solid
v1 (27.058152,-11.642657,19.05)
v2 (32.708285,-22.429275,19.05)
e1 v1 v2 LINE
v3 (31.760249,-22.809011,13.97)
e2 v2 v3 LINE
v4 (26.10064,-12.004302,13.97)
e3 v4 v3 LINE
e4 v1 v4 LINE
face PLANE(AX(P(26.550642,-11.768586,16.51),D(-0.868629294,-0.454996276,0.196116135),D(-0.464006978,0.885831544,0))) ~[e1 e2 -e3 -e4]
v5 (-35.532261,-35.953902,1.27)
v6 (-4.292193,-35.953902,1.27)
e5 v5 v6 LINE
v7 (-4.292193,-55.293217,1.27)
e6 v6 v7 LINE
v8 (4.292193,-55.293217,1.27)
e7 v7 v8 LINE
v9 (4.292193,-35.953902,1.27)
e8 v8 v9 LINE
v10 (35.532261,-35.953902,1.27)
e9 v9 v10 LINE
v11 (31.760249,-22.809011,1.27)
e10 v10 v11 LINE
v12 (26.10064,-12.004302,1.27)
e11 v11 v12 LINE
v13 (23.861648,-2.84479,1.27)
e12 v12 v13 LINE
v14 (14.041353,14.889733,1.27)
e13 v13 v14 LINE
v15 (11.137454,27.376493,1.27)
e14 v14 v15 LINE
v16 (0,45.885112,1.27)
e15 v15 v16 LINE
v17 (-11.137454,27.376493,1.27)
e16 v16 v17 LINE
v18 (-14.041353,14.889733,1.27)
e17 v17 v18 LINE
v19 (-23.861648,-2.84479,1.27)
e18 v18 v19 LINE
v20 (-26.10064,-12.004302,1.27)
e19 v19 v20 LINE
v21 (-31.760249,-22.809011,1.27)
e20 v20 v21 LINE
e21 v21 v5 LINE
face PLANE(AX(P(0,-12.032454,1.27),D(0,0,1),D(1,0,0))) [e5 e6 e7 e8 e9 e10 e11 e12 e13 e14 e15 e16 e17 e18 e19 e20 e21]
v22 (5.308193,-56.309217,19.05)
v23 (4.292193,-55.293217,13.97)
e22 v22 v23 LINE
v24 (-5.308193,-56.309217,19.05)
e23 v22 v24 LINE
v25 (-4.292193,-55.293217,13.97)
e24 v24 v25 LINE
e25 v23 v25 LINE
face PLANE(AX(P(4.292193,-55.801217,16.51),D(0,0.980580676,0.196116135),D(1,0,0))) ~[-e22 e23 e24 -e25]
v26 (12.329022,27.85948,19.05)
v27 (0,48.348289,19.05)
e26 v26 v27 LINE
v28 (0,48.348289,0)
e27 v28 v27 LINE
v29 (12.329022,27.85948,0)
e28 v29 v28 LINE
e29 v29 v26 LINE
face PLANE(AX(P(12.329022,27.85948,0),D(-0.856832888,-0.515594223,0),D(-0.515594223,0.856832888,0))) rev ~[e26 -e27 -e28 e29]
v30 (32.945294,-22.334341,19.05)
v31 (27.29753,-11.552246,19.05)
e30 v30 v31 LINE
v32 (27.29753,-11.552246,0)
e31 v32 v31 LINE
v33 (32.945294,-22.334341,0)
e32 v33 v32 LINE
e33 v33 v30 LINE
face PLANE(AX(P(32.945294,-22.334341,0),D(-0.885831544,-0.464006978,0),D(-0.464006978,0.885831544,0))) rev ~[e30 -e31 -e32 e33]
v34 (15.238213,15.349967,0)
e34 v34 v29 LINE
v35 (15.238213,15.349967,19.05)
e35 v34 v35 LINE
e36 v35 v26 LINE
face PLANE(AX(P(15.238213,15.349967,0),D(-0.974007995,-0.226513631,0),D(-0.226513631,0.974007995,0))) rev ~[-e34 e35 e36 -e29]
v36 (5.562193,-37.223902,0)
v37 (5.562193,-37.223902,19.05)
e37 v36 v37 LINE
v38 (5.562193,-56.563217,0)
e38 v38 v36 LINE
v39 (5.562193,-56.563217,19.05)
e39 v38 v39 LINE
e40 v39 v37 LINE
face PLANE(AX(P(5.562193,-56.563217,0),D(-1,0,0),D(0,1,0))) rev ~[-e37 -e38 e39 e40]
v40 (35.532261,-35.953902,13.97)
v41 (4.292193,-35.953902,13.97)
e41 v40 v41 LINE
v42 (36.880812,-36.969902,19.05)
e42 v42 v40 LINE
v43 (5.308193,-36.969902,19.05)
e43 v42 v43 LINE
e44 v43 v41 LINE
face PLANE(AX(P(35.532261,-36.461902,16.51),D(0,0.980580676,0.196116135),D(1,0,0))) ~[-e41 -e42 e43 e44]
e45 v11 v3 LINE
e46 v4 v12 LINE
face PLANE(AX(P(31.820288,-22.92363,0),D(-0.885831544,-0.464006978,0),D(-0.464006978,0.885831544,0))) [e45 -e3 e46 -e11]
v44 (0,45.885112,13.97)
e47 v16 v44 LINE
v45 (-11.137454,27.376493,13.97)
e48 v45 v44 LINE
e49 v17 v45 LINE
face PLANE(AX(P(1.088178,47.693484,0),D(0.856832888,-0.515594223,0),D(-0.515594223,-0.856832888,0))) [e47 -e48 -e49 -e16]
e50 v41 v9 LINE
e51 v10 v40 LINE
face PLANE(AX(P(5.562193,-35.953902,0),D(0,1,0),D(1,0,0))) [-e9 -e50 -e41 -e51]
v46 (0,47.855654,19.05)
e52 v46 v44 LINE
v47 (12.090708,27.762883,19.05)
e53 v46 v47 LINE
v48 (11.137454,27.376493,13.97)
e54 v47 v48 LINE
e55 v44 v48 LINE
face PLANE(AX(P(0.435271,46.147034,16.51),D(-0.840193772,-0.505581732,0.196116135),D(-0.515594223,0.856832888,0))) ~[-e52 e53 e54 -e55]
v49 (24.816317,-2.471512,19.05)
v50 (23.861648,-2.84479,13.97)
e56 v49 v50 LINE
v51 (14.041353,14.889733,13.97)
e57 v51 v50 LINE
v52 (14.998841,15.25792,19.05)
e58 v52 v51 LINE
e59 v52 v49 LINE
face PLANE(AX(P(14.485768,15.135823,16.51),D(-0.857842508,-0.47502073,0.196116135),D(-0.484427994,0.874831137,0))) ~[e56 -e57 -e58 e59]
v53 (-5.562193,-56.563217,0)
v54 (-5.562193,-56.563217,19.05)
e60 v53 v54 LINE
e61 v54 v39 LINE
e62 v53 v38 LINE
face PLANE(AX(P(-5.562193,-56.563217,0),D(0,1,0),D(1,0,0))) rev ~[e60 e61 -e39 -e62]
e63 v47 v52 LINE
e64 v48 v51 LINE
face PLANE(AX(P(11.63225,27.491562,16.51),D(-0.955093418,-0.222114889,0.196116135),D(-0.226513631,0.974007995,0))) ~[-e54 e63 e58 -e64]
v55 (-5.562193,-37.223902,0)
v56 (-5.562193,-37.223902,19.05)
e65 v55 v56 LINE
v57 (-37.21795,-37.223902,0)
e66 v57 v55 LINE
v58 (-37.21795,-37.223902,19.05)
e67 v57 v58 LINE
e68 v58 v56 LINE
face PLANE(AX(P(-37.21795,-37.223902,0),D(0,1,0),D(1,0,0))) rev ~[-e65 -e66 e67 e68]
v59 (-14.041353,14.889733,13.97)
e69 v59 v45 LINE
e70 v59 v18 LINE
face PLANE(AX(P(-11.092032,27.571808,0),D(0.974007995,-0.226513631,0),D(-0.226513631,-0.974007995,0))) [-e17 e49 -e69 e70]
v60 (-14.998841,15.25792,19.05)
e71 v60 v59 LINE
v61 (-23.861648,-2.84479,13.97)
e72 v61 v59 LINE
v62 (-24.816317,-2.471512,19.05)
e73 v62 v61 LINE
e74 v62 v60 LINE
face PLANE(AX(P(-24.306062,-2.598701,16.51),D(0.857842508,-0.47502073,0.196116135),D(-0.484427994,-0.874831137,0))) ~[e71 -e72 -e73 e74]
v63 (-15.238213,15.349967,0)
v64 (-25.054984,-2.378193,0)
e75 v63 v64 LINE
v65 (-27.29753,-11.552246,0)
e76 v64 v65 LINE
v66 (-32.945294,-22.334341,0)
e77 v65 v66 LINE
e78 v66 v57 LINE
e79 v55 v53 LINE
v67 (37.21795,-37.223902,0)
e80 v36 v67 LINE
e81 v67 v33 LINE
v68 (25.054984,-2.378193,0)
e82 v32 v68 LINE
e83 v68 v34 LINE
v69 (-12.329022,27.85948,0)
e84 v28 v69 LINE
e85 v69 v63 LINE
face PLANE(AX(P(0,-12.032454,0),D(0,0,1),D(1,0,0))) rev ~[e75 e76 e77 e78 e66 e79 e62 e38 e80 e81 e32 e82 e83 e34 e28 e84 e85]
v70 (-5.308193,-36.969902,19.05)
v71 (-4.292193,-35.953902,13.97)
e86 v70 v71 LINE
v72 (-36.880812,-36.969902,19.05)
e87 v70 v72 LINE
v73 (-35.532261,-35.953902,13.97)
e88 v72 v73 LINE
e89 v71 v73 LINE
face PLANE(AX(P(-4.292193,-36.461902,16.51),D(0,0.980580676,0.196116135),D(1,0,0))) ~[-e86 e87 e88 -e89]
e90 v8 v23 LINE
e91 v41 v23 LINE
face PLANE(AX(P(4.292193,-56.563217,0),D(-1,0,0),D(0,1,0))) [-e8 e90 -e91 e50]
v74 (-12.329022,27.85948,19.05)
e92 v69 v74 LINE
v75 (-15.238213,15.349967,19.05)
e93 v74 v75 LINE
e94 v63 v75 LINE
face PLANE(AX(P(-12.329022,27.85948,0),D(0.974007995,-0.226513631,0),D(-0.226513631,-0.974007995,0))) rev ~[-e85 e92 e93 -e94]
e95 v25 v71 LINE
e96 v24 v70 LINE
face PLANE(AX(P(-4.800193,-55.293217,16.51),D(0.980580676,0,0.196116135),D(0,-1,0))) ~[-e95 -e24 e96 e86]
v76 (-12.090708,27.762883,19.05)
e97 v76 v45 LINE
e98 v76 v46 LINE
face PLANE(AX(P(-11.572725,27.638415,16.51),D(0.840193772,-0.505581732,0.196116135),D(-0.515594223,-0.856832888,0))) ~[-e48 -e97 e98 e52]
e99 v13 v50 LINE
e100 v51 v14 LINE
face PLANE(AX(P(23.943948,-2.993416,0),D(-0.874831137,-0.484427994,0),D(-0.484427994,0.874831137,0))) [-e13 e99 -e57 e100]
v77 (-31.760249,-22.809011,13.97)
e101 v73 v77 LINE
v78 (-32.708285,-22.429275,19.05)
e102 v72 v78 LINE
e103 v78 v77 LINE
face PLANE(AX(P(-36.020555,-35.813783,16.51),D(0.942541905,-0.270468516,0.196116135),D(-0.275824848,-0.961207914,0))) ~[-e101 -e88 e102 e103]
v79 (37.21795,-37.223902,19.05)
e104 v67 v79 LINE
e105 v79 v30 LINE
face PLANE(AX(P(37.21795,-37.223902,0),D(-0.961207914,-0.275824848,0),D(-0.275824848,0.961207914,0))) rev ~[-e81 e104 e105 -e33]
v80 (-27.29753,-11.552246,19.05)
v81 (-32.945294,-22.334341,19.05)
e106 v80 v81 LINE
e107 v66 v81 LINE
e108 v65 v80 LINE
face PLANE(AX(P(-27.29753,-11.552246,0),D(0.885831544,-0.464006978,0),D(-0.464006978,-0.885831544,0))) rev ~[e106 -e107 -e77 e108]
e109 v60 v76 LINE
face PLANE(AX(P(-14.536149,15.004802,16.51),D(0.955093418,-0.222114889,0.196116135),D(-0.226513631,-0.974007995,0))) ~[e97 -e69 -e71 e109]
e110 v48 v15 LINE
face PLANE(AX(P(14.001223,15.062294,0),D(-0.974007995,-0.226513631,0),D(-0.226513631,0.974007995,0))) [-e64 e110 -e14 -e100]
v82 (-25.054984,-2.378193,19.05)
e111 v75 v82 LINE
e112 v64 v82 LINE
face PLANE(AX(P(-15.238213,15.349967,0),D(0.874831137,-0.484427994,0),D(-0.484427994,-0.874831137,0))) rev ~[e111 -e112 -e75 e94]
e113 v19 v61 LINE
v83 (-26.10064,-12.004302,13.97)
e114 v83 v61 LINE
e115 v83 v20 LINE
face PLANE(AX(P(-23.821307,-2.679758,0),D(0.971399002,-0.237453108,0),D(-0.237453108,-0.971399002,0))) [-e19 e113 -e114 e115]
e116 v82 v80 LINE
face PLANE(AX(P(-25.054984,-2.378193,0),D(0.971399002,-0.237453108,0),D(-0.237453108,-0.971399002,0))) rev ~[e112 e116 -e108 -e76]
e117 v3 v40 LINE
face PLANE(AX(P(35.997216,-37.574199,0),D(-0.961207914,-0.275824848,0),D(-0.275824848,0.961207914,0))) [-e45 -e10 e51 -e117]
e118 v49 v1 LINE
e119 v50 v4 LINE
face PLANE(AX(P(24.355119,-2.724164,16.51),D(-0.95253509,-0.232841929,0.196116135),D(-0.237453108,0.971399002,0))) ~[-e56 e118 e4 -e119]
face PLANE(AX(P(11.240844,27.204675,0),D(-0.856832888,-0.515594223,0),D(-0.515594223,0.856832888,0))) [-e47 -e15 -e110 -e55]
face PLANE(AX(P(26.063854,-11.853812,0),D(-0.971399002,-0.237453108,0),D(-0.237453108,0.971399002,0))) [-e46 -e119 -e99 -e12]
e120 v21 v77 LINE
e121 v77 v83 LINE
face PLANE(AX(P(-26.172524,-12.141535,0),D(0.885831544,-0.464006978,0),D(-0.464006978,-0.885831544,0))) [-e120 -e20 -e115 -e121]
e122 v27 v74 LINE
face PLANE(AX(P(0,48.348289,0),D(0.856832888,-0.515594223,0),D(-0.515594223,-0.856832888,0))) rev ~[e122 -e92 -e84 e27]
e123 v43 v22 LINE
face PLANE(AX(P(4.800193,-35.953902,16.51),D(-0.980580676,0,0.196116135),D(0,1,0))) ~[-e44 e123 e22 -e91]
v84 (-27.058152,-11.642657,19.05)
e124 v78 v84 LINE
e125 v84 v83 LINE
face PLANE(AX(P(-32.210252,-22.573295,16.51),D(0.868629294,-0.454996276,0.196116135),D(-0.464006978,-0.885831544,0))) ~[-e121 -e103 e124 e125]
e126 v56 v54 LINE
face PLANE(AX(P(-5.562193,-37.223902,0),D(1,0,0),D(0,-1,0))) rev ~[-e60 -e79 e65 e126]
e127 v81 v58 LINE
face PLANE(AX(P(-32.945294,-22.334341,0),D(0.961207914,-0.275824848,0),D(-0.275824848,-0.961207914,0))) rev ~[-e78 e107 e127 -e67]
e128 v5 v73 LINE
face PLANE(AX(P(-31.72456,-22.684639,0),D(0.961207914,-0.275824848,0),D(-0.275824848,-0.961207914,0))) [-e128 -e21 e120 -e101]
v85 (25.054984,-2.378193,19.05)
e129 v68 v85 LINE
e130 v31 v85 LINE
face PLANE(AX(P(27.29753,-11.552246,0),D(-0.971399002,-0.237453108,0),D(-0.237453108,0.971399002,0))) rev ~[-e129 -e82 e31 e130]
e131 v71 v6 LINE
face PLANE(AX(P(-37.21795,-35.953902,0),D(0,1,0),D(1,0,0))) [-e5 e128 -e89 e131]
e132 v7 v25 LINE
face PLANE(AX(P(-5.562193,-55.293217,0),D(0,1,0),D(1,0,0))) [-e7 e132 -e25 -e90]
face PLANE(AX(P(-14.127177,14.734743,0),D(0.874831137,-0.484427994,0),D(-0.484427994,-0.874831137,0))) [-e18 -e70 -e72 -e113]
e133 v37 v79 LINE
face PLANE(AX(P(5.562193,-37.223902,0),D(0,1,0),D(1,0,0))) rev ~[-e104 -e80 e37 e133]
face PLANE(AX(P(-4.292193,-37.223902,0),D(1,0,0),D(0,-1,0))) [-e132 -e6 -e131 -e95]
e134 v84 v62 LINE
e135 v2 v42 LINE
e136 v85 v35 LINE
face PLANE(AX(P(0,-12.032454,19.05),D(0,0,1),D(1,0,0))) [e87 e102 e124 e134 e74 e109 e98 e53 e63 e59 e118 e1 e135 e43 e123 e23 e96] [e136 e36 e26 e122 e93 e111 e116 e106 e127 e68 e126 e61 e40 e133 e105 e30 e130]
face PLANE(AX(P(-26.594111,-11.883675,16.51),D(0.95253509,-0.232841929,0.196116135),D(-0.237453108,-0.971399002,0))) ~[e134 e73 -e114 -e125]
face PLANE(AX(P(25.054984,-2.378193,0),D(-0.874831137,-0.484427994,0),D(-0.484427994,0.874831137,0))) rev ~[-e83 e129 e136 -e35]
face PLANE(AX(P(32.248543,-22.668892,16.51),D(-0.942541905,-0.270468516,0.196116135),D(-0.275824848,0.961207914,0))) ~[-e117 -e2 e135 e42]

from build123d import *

# Parameters (mm, degrees)
F1_DEPTH = 19.05
F2_T     = -1.27
F3_SIZE2 = 5.08
F3_SIZE  = 1.016


with BuildPart() as f1:
    # F0 (on Top) → F1 (new body)
    with BuildSketch(Plane.XY):
        Polygon((12.3290219964, 27.8594800581), (0, 48.3482889831), (-12.3290219964, 27.8594800581), (-15.2382130133, 15.3499666007), (-25.0549837339, -2.3781927895), (-27.2975303233, -11.5522462875), (-32.9452939332, -22.3343409598), (-37.2179499745, -37.2239015996), (-5.5621927604, -37.2239015996), (-5.5621927604, -56.5632171929), (0, -56.5632171929), (5.5621927604, -56.5632171929), (5.5621927604, -37.2239015996), (37.2179499745, -37.2239015996), (32.9452939332, -22.3343409598), (27.2975303233, -11.5522462875), (25.0549837339, -2.3781927895), (15.2382130133, 15.3499666007), align=None)
    extrude(amount=F1_DEPTH)

    # F2
    f2_openings = [f1.faces().sort_by_distance(p)[0] for p in [
        (0, -9.615745, 19.05),
    ]]
    offset(amount=F2_T, openings=f2_openings, kind=Kind.INTERSECTION)

    # F3
    f3_edges = [f1.edges().sort_by_distance(p)[0] for p in [
        (4.292193, -45.623559, 19.05),
        (19.912227, -35.953902, 19.05),
        (-4.292193, -45.623559, 19.05),
        (0, -55.293217, 19.05),
        (-19.912227, -35.953902, 19.05),
        (33.646255, -29.381456, 19.05),
        (28.930445, -17.406656, 19.05),
        (24.981144, -7.424546, 19.05),
        (18.951501, 6.022471, 19.05),
        (12.589404, 21.133113, 19.05),
        (5.568727, 36.630802, 19.05),
        (-5.568727, 36.630802, 19.05),
        (-12.589404, 21.133113, 19.05),
        (-18.951501, 6.022471, 19.05),
        (-24.981144, -7.424546, 19.05),
        (-28.930445, -17.406656, 19.05),
        (-33.646255, -29.381456, 19.05),
    ]]
    chamfer(f3_edges, length=F3_SIZE, length2=F3_SIZE2)


solid = f1.part
